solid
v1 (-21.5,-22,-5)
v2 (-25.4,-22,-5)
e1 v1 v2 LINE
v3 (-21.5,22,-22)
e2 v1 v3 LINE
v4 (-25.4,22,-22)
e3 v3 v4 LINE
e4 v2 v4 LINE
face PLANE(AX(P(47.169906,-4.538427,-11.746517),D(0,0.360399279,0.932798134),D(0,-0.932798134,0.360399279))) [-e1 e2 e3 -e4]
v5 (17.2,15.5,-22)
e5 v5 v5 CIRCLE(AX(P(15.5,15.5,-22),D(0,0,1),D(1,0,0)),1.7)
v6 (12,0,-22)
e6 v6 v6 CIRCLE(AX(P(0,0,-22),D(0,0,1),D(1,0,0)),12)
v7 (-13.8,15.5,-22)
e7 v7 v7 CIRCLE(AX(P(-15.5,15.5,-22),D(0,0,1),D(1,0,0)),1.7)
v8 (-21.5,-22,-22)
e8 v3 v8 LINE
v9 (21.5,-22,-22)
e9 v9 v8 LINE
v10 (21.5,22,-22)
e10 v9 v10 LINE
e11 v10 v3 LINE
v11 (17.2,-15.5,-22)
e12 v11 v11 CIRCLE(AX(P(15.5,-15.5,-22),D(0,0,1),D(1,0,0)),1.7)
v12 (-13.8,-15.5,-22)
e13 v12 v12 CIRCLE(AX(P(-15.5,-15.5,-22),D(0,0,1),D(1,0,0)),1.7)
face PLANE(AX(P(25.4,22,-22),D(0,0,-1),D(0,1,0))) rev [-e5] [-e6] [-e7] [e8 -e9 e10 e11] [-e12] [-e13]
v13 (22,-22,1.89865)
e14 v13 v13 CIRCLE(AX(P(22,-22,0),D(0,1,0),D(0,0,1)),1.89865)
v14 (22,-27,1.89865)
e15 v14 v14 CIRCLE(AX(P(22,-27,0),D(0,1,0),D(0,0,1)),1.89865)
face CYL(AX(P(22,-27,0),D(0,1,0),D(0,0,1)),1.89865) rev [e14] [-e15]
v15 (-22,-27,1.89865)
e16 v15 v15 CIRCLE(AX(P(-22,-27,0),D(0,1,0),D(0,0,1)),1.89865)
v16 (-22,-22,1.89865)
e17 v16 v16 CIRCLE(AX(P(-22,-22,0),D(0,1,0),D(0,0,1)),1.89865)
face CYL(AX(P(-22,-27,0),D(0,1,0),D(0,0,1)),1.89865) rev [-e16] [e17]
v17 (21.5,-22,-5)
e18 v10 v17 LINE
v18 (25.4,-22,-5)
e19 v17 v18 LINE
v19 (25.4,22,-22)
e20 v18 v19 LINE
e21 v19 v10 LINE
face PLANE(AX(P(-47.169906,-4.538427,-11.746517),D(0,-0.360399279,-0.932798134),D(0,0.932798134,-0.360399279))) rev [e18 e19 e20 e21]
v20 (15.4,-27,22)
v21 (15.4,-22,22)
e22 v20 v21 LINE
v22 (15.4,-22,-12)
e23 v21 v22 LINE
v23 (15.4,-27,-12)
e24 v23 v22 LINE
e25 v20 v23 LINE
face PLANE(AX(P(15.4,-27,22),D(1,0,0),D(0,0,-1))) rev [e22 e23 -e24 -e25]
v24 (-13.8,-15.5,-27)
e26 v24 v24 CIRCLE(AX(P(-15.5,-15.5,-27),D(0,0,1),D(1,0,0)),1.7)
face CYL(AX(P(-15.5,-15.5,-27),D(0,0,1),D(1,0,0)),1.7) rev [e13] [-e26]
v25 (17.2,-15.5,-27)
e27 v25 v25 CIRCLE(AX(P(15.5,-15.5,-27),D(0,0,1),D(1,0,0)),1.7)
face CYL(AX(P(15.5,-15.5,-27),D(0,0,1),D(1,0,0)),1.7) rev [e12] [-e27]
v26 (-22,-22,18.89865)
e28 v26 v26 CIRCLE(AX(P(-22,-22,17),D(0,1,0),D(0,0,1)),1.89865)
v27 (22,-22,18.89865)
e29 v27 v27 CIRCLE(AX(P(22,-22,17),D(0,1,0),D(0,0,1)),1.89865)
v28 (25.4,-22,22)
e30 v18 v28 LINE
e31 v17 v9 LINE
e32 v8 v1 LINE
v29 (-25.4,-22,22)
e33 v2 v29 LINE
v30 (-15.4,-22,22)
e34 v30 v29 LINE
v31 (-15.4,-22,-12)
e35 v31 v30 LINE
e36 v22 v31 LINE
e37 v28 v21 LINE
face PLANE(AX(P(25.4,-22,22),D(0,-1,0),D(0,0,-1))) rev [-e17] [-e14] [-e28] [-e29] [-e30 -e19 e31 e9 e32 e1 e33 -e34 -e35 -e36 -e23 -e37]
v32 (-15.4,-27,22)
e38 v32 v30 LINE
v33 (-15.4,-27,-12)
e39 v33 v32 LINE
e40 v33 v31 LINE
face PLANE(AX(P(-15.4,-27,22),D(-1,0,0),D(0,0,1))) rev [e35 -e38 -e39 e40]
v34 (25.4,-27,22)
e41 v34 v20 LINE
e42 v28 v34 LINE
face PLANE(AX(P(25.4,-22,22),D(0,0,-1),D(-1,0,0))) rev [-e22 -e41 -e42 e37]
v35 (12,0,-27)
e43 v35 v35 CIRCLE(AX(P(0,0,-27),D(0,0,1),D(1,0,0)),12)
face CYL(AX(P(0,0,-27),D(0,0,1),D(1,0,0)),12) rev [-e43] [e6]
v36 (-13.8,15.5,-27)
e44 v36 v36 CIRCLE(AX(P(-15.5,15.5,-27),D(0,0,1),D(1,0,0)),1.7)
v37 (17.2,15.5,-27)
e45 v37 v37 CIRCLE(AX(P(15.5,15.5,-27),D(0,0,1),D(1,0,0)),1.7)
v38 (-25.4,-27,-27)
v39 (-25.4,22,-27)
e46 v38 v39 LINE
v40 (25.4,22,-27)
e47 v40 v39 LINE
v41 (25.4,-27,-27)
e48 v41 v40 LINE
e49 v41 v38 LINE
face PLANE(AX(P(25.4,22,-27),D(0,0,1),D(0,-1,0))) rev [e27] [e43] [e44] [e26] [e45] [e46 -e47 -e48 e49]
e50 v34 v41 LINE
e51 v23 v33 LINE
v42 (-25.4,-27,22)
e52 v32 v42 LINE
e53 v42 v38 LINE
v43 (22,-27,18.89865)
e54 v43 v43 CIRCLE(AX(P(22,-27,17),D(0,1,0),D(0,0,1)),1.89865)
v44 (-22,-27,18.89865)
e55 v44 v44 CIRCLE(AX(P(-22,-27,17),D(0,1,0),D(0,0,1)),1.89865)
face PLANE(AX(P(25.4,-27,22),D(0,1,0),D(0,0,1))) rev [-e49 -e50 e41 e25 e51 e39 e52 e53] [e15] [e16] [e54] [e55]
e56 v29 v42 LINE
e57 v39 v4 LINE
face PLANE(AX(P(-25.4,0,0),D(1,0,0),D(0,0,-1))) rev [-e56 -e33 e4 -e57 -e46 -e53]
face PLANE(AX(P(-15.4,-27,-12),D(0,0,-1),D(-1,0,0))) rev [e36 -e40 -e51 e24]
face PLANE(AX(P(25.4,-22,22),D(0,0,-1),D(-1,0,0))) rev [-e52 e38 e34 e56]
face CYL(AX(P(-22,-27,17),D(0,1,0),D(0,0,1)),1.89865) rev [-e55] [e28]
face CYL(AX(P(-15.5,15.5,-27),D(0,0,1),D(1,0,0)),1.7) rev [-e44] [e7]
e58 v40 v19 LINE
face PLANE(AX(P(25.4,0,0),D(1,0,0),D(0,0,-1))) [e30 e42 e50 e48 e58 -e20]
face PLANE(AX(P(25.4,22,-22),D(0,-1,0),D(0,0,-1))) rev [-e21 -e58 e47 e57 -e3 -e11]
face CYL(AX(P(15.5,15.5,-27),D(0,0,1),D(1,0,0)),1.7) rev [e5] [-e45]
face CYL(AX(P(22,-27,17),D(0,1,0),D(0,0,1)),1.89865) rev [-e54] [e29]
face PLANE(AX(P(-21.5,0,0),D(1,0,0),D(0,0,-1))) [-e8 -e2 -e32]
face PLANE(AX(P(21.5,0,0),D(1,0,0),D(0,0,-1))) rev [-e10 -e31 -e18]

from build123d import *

# Parameters (mm, degrees)
BOSS_EXTRUDE1_DEPTH = 25.4
SKETCH2_R           = 1.7
SKETCH2_R_2         = 12
CUT_EXTRUDE1_DEPTH  = 58.533989954
SKETCH4_W           = 30.8
SKETCH4_H           = 34
CUT_EXTRUDE2_DEPTH  = 58.533989954
SKETCH5_R           = 1.89865
CUT_EXTRUDE3_DEPTH  = 58.533989954
BOSS_EXTRUDE2_DEPTH = 3.9


with BuildPart() as part:
    # Sketch1 → Boss-Extrude1 (new, symmetric)
    with BuildSketch(Plane(origin=(0, 0, 0), x_dir=(0, 0, -1), z_dir=(1, 0, 0))):
        Polygon((-22, -22), (-22, -27), (27, -27), (27, 22), (22, 22), (22, -22), align=None)
    extrude(amount=BOSS_EXTRUDE1_DEPTH, both=True)

    # Sketch2 → Cut-Extrude1 (cut, through all)
    with BuildSketch(Plane.XY.offset(-22)):
        with Locations((-15.5, 15.5)):
            Circle(SKETCH2_R)
        with Locations((15.5, 15.5)):
            Circle(SKETCH2_R)
        with Locations((15.5, -15.5)):
            Circle(SKETCH2_R)
        with Locations((-15.5, -15.5)):
            Circle(SKETCH2_R)
        Circle(SKETCH2_R_2)
    extrude(amount=-CUT_EXTRUDE1_DEPTH, mode=Mode.SUBTRACT)

    # Sketch4 → Cut-Extrude2 (cut, through all)
    with BuildSketch(Plane(origin=(0, -22, 0), x_dir=(1, 0, 0), z_dir=(0, 1, 0))):
        with Locations((0, -5)):
            Rectangle(SKETCH4_W, SKETCH4_H)
    extrude(amount=-CUT_EXTRUDE2_DEPTH, mode=Mode.SUBTRACT)

    # Sketch5 → Cut-Extrude3 (cut, through all)
    with BuildSketch(Plane(origin=(0, -22, 0), x_dir=(1, 0, 0), z_dir=(0, 1, 0))):
        with Locations(Location((-22, 0, 0), (0, 0, 270))):
            Circle(SKETCH5_R)
        with Locations(Location((22, 0, 0), (0, 0, 270))):
            Circle(SKETCH5_R)
        with Locations(Location((22, -17, 0), (0, 0, 270))):
            Circle(SKETCH5_R)
        with Locations(Location((-22, -17, 0), (0, 0, 270))):
            Circle(SKETCH5_R)
    extrude(amount=-CUT_EXTRUDE3_DEPTH, mode=Mode.SUBTRACT)

    # Sketch6 → Boss-Extrude2 (add)
    with BuildSketch(Plane(origin=(25.4, 0, 0), x_dir=(0, 0, -1), z_dir=(1, 0, 0))):
        Polygon((22, 22), (5, -22), (22, -22), align=None)
    boss_extrude2 = extrude(amount=-BOSS_EXTRUDE2_DEPTH)

    # Mirror1: Boss-Extrude2 across plane
    add(boss_extrude2.mirror(Plane(origin=(0, 0, 0), x_dir=(0, 0, 1), z_dir=(1, 0, 0))))


solid = part.part
